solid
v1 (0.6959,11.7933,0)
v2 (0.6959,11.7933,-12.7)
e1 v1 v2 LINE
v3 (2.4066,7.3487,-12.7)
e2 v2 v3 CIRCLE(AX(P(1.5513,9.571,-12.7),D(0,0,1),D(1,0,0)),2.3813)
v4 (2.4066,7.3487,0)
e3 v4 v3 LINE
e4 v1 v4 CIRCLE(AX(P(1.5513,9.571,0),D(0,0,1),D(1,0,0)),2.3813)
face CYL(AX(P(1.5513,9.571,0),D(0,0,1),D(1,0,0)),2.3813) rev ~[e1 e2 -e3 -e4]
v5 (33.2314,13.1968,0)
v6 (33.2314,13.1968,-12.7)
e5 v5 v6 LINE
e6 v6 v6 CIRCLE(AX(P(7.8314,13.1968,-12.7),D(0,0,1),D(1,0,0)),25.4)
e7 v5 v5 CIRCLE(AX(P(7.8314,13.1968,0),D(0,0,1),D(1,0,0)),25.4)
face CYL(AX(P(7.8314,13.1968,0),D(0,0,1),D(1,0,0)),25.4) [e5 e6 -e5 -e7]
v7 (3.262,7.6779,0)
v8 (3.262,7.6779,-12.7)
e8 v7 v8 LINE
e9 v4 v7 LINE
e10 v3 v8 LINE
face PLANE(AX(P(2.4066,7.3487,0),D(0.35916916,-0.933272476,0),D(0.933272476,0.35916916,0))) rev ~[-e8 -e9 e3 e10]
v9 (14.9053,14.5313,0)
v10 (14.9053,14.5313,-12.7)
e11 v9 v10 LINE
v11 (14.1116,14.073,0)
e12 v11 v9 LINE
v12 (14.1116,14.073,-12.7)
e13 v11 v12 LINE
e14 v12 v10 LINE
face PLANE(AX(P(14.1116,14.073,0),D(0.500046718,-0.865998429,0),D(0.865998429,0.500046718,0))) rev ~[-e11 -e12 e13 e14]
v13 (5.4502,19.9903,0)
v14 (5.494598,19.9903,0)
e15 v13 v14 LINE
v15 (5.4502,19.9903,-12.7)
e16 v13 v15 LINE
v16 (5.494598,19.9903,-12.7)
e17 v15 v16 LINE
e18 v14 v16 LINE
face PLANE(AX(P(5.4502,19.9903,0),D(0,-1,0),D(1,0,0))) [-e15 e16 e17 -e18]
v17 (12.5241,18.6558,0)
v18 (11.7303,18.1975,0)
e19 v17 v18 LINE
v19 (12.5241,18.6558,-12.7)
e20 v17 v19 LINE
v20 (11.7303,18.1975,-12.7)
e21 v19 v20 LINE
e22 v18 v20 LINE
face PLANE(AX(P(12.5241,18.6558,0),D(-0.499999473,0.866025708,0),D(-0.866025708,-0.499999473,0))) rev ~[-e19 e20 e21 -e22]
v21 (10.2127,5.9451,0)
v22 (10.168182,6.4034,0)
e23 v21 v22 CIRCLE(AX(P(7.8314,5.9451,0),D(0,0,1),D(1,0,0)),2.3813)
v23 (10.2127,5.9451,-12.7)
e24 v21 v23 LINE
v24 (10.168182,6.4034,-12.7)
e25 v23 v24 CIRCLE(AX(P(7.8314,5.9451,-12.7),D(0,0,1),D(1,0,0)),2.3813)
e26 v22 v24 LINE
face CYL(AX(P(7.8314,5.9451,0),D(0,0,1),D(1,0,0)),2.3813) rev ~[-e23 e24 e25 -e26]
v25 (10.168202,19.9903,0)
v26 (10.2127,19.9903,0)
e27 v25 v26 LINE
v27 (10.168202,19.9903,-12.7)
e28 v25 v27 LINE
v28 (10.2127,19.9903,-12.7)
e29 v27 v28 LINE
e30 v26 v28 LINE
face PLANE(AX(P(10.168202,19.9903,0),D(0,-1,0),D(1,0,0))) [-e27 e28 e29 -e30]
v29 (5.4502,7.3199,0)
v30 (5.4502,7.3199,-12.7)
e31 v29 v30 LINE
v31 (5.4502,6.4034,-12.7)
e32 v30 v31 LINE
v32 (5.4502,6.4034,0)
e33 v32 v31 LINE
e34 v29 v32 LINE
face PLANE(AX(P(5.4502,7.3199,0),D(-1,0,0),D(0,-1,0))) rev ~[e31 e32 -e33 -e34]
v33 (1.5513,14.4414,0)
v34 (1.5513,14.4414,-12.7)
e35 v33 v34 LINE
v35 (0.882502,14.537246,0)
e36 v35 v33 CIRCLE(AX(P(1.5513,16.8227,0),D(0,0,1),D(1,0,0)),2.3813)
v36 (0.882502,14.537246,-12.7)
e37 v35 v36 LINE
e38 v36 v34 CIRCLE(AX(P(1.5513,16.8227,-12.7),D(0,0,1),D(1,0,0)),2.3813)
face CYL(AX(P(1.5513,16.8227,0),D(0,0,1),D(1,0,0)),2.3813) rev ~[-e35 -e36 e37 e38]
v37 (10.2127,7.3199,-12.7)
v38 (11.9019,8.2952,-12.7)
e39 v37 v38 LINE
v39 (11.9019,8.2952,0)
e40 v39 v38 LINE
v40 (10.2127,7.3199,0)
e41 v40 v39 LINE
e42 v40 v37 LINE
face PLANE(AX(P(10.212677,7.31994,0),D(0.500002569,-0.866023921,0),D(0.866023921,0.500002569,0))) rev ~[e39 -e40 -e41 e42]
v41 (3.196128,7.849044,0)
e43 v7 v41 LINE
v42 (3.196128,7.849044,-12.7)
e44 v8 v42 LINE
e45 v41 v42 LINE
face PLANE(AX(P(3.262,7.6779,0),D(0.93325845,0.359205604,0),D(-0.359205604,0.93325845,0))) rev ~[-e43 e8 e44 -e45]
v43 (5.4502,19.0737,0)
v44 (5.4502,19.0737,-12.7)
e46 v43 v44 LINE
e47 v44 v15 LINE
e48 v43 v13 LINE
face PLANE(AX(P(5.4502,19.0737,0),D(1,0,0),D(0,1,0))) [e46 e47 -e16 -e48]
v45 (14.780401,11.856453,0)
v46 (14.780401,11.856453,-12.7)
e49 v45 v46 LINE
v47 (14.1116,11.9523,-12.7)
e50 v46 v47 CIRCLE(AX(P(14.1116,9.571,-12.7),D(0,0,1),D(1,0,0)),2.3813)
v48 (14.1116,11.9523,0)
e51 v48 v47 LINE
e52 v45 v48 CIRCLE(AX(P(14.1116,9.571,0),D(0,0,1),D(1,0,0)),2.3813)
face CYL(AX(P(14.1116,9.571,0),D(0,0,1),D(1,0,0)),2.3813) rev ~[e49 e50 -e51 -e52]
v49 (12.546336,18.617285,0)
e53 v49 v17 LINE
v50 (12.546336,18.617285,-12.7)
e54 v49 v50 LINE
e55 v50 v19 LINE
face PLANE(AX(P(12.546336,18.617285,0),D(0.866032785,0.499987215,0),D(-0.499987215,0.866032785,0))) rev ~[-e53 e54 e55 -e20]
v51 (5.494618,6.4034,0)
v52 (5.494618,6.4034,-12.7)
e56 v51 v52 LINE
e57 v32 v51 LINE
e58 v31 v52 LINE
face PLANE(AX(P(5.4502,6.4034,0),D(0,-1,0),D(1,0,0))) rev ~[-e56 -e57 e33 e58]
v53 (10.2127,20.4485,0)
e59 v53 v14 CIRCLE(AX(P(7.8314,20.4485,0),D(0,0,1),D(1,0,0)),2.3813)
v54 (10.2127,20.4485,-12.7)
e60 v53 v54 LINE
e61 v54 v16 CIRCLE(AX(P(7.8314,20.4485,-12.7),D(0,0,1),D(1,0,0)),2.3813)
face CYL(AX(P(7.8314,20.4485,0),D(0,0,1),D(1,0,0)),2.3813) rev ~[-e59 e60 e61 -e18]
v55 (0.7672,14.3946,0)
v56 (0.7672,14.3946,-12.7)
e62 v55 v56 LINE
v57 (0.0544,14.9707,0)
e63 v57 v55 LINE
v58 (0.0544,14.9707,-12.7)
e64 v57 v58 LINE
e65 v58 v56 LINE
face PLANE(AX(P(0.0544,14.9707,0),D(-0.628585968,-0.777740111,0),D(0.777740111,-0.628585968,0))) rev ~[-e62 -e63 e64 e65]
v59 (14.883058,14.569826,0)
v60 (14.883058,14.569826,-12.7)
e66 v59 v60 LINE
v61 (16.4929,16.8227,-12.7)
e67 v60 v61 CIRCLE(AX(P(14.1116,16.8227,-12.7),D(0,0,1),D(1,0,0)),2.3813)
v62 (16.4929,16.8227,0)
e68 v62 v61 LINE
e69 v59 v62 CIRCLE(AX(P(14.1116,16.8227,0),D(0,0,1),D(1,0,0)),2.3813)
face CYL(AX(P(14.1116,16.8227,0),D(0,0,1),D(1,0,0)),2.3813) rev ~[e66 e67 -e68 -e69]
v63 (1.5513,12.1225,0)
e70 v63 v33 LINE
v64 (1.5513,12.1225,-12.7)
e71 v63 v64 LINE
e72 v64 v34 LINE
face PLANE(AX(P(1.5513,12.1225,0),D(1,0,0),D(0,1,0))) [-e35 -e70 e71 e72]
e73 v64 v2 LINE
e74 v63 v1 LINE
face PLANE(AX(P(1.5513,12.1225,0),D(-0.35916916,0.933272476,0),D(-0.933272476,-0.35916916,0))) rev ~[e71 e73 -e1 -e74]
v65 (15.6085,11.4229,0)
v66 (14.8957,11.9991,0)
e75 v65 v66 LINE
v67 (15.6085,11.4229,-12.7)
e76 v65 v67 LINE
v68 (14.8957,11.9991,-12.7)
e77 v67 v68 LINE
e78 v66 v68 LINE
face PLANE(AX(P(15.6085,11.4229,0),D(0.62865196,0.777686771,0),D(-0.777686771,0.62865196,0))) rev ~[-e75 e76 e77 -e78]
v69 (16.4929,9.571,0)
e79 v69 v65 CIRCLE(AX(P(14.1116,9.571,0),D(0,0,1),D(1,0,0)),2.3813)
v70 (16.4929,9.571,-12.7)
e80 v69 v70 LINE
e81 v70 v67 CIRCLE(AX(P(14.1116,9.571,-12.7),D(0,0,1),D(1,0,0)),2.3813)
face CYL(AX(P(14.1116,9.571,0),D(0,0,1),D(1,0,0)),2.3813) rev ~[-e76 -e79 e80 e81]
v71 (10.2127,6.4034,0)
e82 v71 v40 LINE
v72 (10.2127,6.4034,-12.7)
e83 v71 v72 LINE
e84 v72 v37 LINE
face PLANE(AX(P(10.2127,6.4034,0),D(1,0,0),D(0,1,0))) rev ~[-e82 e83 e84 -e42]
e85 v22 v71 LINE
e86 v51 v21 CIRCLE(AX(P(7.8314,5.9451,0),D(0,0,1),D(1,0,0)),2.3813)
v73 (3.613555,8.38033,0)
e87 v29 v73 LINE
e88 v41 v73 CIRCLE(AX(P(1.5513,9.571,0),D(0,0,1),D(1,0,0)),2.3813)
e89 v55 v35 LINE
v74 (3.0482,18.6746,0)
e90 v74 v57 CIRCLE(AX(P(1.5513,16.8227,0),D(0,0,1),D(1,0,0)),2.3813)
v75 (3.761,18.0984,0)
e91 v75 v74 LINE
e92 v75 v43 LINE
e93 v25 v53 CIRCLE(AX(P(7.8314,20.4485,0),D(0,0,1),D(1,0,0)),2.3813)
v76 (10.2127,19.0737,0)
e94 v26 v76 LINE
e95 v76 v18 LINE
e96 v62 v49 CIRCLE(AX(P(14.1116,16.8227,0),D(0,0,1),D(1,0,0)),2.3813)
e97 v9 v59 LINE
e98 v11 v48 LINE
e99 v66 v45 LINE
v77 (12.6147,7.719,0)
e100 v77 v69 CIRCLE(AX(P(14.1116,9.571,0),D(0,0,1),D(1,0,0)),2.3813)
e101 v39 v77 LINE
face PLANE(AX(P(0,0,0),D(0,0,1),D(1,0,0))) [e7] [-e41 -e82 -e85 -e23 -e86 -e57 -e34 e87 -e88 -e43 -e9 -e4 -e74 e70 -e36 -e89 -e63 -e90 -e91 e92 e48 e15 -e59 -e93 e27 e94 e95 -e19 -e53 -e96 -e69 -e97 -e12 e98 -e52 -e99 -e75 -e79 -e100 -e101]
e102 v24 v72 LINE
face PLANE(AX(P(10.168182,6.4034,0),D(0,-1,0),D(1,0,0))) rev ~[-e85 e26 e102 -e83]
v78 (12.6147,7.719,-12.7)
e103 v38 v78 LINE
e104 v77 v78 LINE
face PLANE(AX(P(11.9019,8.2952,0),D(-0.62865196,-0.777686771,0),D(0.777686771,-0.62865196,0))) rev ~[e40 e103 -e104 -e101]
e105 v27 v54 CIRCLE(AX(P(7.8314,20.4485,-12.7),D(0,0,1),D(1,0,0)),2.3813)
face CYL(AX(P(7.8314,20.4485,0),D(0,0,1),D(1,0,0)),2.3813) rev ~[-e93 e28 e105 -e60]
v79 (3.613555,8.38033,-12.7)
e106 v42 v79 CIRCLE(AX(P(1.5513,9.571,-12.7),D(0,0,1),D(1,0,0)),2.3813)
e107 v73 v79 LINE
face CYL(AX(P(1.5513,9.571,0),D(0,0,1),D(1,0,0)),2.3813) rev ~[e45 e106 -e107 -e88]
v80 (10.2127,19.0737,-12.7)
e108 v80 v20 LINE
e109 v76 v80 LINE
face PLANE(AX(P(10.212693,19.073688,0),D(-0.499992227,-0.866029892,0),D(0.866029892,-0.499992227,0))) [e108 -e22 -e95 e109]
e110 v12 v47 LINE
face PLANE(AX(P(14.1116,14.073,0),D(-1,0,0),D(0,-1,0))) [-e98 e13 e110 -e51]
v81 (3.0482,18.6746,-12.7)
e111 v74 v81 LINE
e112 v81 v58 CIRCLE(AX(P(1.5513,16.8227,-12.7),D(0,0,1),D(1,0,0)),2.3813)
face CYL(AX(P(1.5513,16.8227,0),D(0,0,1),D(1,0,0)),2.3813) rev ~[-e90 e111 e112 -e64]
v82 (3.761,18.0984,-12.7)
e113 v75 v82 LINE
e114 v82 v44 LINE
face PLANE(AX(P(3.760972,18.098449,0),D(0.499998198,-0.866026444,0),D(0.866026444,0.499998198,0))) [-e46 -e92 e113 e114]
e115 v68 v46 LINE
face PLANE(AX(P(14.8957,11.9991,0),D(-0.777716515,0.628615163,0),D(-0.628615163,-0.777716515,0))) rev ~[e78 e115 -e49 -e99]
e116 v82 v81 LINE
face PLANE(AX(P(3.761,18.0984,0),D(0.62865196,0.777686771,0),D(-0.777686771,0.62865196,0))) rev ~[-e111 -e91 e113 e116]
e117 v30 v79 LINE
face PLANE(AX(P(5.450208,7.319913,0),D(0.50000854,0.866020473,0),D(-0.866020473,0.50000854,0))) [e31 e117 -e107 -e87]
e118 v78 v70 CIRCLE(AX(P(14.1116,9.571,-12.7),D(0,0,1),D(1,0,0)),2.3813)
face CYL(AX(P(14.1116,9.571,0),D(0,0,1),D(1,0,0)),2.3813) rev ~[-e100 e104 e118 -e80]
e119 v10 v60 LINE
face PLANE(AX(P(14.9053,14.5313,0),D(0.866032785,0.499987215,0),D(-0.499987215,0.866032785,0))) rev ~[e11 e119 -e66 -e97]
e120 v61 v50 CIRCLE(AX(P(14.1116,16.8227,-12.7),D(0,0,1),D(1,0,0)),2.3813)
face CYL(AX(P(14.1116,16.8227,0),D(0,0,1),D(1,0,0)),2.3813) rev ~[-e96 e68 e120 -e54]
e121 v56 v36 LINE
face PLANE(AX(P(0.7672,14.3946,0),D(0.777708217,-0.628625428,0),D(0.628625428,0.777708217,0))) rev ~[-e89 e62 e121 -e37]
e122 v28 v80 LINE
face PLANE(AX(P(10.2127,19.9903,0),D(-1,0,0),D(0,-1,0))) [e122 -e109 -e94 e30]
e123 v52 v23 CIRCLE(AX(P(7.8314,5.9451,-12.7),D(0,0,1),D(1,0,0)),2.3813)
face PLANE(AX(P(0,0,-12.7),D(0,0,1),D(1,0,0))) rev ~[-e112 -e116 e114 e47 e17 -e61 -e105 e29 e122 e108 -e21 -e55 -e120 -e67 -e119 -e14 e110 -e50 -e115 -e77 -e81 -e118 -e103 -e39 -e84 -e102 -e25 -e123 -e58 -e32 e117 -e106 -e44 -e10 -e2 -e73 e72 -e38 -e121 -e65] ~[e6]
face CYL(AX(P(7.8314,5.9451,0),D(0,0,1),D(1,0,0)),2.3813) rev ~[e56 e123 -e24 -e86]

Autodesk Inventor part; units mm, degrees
ref_plane "YZ Plane" through (0, 0, 0) normal (1, 0, 0) x (0, 1, 0)
ref_plane "XZ Plane" through (0, 0, 0) normal (0, 1, 0) x (-1, 0, 0)
ref_plane "XY Plane" through (0, 0, 0) normal (0, 0, 1) x (1, 0, 0)
sketch "Sketch1" plane through (0, 0, 0) normal (0, 0, 1) x (1, 0, 0)
  line L0 (7.8314, 13.1968) -> (7.8314, 20.4485) construction
  line L1 (7.8314, 13.1968) -> (14.1116, 16.8227) construction
  circle A0 centre (7.8314, 13.1968) radius 6.35 construction
  line L2 (7.8314, 13.1968) -> (14.1116, 9.571) construction
  line L3 (7.8314, 13.1968) -> (7.8314, 5.9451) construction
  line L4 (7.8314, 13.1968) -> (1.5513, 9.571) construction
  line L5 (7.8314, 13.1968) -> (1.5513, 16.8227) construction
  line L6 (7.8314, 20.4485) -> (14.1116, 16.8227)
  line L7 (14.1116, 16.8227) -> (14.1116, 9.571)
  line L8 (7.8314, 5.9451) -> (14.1116, 9.571)
  line L9 (7.8314, 5.9451) -> (1.5513, 9.571)
  line L10 (1.5513, 9.571) -> (1.5513, 16.8227)
  line L11 (1.5513, 16.8227) -> (7.8314, 20.4485)
  circle A1 centre (7.8314, 13.1968) radius 25.4
  circle A2 centre (7.8314, 20.4485) radius 2.3813
  circle A3 centre (14.1116, 16.8227) radius 2.3813
  circle A4 centre (14.1116, 9.571) radius 2.3813
  circle A5 centre (7.8314, 5.9451) radius 2.3813
  circle A6 centre (1.5513, 9.571) radius 2.3813
  circle A7 centre (1.5513, 16.8227) radius 2.3813
  line L12 (5.4502, 19.9903) -> (10.2127, 19.9903)
  line L13 (10.2127, 19.9903) -> (10.2127, 19.0737)
  line L14 (10.2127, 19.0737) -> (5.4502, 19.0737)
  line L15 (5.4502, 19.0737) -> (5.4502, 19.9903)
  line L16 (11.9019, 8.2952) -> (12.6147, 7.719)
  line L17 (12.6147, 7.719) -> (15.6085, 11.4229)
  line L18 (15.6085, 11.4229) -> (14.8957, 11.9991)
  line L19 (14.8957, 11.9991) -> (11.9019, 8.2952)
  line L20 (5.4502, 7.3199) -> (5.4502, 6.4034)
  line L21 (5.4502, 6.4034) -> (10.2127, 6.4034)
  line L22 (10.2127, 6.4034) -> (10.2127, 7.3199)
  line L23 (10.2127, 7.3199) -> (5.4502, 7.3199)
  line L24 (1.5513, 12.1225) -> (0.6959, 11.7933)
  line L25 (0.6959, 11.7933) -> (2.4066, 7.3487)
  line L26 (2.4066, 7.3487) -> (3.262, 7.6779)
  line L27 (3.262, 7.6779) -> (1.5513, 12.1225)
  line L28 (3.761, 18.0984) -> (3.0482, 18.6746)
  line L29 (3.0482, 18.6746) -> (0.0544, 14.9707)
  line L30 (0.0544, 14.9707) -> (0.7672, 14.3946)
  line L31 (0.7672, 14.3946) -> (3.761, 18.0984)
  line L32 (14.1116, 14.073) -> (14.9053, 14.5313)
  line L33 (14.9053, 14.5313) -> (12.5241, 18.6558)
  line L34 (12.5241, 18.6558) -> (11.7303, 18.1975)
  line L35 (11.7303, 18.1975) -> (14.1116, 14.073)
  circle A8 centre (7.8314, 13.1968) radius 4.0132 construction
  dimension "d9" = 4.7625
  dimension "d11" = 4.7625
  dimension "d0" = 7.2517
  dimension "d1" = 12.7
  dimension "d2" = 60
  dimension "d3" = 60
  dimension "d4" = 60
  dimension "d5" = 60
  dimension "d6" = 60
  dimension "d7" = 4.7625
  dimension "d8" = 4.7625
  dimension "d10" = 4.7625
  dimension "d12" = 4.7625
  dimension "d13" = 50.8
  dimension "d14" = 0.9165
  dimension "d16" = 0.9165
  dimension "d17" = 0.9165
  dimension "d18" = 0.9165
  dimension "d19" = 0.9165
  dimension "d20" = 0.9165
  dimension "d24" = 2.3368
extrude "Extrusion1" add sketch "Sketch1" against normal blind 12.7
equation "\"d9\" = d7"
equation "\"d11\" = d7"
equation "\"d8\" = d7"
equation "\"d10\" = d7"
equation "\"d12\" = d7"
properties part number "augmented gear v2"
